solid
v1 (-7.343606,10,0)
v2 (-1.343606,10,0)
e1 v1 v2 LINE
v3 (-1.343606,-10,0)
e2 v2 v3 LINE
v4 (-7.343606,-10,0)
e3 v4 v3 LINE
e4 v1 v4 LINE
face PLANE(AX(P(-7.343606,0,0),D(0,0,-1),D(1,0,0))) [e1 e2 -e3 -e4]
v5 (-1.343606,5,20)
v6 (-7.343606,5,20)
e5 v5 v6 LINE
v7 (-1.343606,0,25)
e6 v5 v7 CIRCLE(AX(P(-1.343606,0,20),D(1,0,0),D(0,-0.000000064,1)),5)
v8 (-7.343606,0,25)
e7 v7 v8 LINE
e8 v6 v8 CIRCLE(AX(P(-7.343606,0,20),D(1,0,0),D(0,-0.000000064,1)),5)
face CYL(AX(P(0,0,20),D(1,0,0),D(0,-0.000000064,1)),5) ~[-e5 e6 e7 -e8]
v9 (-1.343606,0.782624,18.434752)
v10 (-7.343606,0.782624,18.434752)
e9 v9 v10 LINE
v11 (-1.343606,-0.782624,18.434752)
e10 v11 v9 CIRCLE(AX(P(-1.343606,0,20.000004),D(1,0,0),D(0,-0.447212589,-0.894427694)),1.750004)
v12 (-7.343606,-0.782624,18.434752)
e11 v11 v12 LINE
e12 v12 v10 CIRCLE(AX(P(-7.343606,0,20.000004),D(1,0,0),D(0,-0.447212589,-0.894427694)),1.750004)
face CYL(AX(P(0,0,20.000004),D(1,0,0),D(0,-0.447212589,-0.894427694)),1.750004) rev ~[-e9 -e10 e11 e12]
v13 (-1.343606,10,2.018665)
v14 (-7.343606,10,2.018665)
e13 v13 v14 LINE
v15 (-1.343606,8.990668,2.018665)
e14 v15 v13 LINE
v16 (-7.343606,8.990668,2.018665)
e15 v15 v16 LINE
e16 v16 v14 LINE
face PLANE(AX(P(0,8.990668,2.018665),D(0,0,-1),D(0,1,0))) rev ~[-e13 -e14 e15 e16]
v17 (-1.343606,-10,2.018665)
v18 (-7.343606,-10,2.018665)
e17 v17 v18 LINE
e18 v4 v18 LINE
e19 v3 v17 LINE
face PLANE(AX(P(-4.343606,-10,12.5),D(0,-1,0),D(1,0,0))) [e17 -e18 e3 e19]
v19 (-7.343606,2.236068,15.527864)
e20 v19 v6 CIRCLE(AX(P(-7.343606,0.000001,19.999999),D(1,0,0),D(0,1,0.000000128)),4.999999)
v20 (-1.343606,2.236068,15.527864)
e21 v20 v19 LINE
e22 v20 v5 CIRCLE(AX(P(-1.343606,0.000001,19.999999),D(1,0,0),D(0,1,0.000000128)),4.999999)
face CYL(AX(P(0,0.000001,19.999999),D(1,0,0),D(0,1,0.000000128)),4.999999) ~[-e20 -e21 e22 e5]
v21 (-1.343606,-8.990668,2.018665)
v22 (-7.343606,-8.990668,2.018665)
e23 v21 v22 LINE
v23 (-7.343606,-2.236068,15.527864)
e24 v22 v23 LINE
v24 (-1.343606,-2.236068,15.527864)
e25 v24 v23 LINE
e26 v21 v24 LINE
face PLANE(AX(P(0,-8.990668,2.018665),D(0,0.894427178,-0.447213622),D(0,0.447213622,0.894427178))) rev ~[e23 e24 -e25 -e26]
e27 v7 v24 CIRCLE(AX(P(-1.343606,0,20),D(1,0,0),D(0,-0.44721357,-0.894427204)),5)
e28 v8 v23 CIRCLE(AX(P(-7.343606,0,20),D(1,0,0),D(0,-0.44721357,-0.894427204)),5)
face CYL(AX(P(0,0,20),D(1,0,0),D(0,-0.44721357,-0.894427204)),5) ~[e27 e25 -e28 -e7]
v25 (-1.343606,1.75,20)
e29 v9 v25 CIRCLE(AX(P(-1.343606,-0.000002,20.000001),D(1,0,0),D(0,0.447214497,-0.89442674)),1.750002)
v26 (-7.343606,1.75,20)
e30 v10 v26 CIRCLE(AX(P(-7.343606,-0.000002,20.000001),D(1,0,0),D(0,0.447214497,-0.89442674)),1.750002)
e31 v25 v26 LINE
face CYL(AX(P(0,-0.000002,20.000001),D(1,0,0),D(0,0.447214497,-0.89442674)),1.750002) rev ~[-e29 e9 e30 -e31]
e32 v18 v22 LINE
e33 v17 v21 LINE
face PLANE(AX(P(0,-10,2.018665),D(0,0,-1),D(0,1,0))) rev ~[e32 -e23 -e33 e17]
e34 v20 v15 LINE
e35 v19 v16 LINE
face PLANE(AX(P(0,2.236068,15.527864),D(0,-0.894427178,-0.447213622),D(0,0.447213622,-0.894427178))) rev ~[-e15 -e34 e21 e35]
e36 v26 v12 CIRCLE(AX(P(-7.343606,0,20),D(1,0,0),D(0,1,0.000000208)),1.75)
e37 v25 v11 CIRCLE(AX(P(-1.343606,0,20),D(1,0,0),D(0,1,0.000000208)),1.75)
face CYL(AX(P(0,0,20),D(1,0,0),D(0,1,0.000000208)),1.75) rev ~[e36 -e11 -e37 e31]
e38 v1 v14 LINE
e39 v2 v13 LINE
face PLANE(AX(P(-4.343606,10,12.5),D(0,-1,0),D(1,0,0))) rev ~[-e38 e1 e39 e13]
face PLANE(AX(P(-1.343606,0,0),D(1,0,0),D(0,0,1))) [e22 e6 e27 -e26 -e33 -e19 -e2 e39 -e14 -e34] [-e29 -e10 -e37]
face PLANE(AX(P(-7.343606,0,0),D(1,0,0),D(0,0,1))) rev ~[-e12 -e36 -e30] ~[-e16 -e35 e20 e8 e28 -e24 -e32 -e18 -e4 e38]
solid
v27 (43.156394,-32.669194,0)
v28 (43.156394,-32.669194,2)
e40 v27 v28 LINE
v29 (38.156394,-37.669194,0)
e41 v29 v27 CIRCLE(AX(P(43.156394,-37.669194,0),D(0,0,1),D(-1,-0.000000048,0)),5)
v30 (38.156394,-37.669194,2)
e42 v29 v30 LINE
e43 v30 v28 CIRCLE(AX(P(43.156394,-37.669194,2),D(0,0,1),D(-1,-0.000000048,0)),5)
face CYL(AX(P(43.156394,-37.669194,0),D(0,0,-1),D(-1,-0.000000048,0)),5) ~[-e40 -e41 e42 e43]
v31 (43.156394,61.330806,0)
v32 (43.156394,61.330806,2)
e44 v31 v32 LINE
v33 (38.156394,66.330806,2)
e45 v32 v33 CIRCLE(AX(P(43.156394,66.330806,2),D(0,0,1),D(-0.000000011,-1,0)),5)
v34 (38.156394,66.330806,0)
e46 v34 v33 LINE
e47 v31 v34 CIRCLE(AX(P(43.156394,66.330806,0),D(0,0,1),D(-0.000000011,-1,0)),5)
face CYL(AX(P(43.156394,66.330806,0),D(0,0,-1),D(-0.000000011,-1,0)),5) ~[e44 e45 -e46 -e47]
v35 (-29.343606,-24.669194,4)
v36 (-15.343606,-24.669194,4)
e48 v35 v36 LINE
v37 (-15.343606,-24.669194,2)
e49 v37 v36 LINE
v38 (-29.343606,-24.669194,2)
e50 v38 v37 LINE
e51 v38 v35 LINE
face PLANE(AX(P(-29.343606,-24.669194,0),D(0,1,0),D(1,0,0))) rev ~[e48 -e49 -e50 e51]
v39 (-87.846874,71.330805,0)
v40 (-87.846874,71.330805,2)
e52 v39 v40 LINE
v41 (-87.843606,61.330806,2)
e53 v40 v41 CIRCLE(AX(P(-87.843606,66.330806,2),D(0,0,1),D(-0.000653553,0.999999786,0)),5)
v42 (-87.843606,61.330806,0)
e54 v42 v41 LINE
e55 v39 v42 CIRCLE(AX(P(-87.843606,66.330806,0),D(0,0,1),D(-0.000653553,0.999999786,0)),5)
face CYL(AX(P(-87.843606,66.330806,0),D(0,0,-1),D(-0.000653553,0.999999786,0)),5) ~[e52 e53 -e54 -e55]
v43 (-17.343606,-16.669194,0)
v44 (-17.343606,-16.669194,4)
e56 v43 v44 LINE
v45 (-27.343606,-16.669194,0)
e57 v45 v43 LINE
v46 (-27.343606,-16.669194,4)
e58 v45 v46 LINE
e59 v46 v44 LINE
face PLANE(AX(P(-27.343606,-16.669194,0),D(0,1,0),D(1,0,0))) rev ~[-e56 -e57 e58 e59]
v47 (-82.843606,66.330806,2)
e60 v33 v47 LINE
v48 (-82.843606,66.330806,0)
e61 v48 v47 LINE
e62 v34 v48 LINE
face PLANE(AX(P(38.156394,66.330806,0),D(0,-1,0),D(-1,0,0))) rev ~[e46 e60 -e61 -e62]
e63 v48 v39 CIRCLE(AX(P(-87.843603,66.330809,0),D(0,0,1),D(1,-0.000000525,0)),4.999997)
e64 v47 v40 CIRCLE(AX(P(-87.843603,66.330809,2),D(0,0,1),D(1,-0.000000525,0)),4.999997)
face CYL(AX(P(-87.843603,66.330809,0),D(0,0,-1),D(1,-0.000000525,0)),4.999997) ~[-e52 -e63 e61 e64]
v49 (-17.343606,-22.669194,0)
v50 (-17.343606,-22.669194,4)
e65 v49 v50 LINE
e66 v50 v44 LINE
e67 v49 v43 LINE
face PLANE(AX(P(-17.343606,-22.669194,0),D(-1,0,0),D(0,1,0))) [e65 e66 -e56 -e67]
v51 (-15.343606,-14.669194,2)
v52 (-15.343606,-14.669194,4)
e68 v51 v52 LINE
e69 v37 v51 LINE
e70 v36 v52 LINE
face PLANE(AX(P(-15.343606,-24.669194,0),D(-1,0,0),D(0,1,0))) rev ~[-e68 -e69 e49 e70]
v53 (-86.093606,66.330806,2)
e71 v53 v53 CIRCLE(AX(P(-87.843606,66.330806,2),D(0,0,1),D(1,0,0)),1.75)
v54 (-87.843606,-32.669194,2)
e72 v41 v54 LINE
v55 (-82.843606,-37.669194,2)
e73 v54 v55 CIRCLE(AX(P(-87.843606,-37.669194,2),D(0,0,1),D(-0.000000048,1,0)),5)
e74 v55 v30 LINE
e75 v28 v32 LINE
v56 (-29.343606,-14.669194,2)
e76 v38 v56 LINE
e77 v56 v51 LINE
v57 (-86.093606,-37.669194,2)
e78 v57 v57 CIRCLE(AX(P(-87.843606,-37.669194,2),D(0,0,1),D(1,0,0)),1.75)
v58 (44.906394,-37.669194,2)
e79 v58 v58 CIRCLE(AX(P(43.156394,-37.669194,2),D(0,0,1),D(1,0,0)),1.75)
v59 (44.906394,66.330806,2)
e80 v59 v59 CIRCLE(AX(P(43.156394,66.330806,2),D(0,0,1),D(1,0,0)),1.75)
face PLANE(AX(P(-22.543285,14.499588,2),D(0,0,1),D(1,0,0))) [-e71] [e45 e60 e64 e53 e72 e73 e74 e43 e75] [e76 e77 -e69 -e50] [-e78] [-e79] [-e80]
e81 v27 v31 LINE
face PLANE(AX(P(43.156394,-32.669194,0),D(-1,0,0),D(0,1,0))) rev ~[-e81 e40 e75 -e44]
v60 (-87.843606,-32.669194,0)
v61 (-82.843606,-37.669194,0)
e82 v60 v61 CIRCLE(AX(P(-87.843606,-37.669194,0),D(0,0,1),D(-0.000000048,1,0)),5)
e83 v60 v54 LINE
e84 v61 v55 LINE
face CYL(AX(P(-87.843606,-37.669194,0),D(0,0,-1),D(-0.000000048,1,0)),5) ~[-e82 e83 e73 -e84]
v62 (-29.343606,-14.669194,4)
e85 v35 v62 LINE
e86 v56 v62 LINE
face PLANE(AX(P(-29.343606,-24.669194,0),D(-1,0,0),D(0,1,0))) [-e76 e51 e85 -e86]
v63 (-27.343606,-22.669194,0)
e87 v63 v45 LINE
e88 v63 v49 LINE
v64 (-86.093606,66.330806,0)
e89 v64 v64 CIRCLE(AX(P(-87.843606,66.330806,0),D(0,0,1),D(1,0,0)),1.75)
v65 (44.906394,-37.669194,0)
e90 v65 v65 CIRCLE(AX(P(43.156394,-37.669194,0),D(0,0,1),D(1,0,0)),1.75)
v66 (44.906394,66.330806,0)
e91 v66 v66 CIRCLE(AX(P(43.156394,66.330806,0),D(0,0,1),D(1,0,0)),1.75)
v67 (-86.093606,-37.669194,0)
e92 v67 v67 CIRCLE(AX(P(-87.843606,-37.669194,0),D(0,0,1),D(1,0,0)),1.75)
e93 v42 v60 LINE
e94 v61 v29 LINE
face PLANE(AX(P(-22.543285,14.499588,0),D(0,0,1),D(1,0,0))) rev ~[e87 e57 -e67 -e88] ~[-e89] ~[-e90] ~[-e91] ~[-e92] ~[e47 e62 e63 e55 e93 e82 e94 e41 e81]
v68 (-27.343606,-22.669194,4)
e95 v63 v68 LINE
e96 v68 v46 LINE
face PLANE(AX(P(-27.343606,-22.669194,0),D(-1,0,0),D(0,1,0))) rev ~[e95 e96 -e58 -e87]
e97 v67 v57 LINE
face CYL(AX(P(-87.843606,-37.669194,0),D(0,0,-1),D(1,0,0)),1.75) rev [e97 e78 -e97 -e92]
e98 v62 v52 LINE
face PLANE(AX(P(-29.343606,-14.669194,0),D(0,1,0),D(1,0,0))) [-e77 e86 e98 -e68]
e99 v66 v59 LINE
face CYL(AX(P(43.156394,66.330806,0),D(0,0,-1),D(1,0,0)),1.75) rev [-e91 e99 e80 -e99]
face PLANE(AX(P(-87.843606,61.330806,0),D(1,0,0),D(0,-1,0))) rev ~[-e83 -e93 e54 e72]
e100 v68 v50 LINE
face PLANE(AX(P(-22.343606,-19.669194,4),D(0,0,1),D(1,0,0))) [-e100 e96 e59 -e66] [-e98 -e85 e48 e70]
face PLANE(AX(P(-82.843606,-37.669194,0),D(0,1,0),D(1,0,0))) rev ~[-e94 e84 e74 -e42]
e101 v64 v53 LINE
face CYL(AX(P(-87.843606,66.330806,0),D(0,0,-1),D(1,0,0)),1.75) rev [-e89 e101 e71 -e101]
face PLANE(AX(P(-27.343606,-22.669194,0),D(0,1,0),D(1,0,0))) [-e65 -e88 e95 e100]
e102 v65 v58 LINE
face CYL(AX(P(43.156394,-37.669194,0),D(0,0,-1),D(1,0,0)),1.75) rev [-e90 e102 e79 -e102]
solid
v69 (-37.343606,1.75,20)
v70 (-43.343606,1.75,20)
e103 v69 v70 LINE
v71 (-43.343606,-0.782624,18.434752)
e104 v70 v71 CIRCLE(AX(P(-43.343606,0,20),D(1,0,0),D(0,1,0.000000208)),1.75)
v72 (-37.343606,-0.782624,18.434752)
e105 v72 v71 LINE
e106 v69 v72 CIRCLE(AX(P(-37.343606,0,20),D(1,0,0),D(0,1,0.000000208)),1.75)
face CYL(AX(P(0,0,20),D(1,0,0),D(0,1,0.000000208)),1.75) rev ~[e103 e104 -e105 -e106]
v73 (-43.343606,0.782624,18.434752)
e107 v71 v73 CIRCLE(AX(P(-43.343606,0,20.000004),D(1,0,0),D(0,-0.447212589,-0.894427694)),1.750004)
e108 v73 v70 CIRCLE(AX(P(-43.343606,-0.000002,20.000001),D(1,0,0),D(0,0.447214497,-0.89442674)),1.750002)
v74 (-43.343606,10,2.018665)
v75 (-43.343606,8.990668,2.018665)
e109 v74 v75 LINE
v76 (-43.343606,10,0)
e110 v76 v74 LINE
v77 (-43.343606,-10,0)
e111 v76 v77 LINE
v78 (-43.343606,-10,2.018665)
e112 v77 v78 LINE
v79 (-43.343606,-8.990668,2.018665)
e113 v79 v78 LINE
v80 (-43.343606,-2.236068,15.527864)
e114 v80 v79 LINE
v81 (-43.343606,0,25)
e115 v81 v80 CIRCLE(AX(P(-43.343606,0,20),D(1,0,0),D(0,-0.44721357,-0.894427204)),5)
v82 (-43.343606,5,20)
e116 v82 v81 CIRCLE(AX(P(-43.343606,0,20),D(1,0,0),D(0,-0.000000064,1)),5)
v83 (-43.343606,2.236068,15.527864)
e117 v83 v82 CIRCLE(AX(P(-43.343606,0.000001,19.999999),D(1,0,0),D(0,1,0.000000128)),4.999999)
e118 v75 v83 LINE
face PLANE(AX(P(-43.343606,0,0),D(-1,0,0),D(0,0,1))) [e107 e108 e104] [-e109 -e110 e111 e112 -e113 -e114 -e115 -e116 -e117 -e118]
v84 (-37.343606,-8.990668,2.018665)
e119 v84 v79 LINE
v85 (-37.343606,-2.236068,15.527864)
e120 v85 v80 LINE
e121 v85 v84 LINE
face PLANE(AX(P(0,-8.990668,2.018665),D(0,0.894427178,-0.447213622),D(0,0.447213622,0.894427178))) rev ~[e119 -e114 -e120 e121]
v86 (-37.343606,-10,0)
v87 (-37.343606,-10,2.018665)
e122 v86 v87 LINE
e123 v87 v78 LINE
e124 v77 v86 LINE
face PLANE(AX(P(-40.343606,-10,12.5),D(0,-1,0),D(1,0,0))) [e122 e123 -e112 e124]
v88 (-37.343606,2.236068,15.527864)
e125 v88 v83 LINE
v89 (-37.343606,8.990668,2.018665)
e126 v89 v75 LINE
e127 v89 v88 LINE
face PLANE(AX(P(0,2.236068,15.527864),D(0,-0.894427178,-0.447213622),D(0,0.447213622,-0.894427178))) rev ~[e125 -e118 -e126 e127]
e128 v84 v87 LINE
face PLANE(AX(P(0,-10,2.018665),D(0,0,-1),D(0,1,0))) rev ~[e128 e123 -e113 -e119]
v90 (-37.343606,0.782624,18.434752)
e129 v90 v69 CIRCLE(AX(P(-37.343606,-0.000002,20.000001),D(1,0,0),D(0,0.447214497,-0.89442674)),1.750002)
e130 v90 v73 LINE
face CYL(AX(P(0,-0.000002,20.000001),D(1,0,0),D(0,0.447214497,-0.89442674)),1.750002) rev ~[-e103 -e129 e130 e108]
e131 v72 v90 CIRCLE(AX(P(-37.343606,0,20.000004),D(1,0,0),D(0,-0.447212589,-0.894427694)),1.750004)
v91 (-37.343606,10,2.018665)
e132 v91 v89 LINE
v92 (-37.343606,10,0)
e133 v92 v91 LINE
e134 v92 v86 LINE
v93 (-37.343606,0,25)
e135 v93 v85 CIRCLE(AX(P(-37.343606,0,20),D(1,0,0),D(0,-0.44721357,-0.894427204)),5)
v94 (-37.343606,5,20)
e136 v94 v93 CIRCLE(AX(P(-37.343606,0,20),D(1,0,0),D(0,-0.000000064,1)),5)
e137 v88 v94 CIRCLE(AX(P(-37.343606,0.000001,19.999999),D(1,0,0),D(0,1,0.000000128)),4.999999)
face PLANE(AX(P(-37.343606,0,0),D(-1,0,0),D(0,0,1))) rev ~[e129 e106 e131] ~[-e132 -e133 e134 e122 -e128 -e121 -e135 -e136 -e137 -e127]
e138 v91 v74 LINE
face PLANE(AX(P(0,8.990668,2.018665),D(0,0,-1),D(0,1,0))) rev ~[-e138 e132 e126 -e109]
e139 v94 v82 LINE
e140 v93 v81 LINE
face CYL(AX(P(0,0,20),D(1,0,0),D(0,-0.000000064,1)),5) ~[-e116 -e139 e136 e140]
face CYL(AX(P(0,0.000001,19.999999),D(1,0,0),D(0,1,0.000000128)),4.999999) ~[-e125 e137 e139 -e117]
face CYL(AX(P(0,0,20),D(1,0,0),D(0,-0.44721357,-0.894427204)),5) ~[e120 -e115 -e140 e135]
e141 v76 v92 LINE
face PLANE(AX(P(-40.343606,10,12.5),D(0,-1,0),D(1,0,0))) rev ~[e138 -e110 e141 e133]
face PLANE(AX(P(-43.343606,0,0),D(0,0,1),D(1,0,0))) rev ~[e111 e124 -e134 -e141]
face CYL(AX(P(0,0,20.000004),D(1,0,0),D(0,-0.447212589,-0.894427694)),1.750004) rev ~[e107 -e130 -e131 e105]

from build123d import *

# Parameters (mm, degrees)
F1_W     = 6
F1_H     = 25
F2_DEPTH = 10
F0_R     = 1.75
F0_W     = 14
F0_H     = 10
F3_DEPTH = 2
F5_DEPTH = 92.844606
F0_W_2   = 10
F0_H_2   = 6
F6_DEPTH = 4


with BuildPart() as f2:
    # F1 (on Front) → F2 (new body, symmetric)
    with BuildSketch(Plane.XZ):
        with Locations((-40.343606, 12.5)):
            Rectangle(F1_W, F1_H)
        with Locations((-4.343606, 12.5)):
            Rectangle(F1_W, F1_H)
    extrude(amount=F2_DEPTH, both=True)

    # F4 (on Right) → F5 (cut, through all)
    with BuildSketch(Plane.YZ):
        with BuildLine():
            Line((8.990668, 2.018665), (10, 2.018665))
            Line((10, 2.018665), (10, 25))
            Line((10, 25), (0, 25))
            ThreePointArc((0, 25), (3.535534, 23.535534), (5, 20))
            ThreePointArc((5, 20), (4.253254, 17.371344), (2.236068, 15.527864))
            Line((2.236068, 15.527864), (8.990668, 2.018665))
        make_face()
        with BuildLine():
            Line((-10, 2.018665), (-8.990668, 2.018665))
            Line((-8.990668, 2.018665), (-2.236068, 15.527864))
            ThreePointArc((-2.236068, 15.527864), (-4.866245, 21.148765), (0, 25))
            Line((0, 25), (-10, 25))
            Line((-10, 25), (-10, 2.018665))
        make_face()
        with BuildLine():
            Line((0, 20), (0.782624, 18.434752))
            ThreePointArc((0.782624, 18.434752), (1.488639, 19.079971), (1.75, 20))
            ThreePointArc((1.75, 20), (-0.920029, 21.488639), (-0.782624, 18.434752))
            Line((-0.782624, 18.434752), (0, 20))
        make_face()
        with BuildLine():
            ThreePointArc((-0.782624, 18.434752), (0, 18.25), (0.782624, 18.434752))
            Line((0.782624, 18.434752), (0, 20))
            Line((0, 20), (-0.782624, 18.434752))
        make_face()
    extrude(amount=-F5_DEPTH, mode=Mode.SUBTRACT)


with BuildPart() as f3:
    # F0 (on Top) → F3 (new body)
    with BuildSketch(Plane.XY):
        with BuildLine():
            ThreePointArc((-82.843606, 66.330806), (-84.309227, 69.867496), (-87.846874, 71.330805))
            ThreePointArc((-87.846874, 71.330805), (-92.843606, 66.329173), (-87.843606, 61.330806))
            Line((-87.843606, 61.330806), (-87.843606, -32.669194))
            ThreePointArc((-87.843606, -32.669194), (-91.37914, -41.204727), (-82.843606, -37.669194))
            Line((-82.843606, -37.669194), (-22.343606, -37.669194))
            Line((-22.343606, -37.669194), (38.156394, -37.669194))
            ThreePointArc((38.156394, -37.669194), (46.691928, -41.204727), (43.156394, -32.669194))
            Line((43.156394, -32.669194), (43.156394, 61.330806))
            ThreePointArc((43.156394, 61.330806), (46.691928, 69.86634), (38.156394, 66.330806))
            Line((38.156394, 66.330806), (-82.843606, 66.330806))
        make_face()
        with Locations((-87.843606, -37.669194)):
            Circle(F0_R, mode=Mode.SUBTRACT)
        with Locations((-22.343606, -19.669194)):
            Rectangle(F0_W, F0_H, mode=Mode.SUBTRACT)
        with Locations((43.156394, -37.669194)):
            Circle(F0_R, mode=Mode.SUBTRACT)
        with Locations((-87.843606, 66.330806)):
            Circle(F0_R, mode=Mode.SUBTRACT)
        with Locations((43.156394, 66.330806)):
            Circle(F0_R, mode=Mode.SUBTRACT)
    extrude(amount=F3_DEPTH)

    # F0 (on Top) → F6 (join)
    with BuildSketch(Plane.XY):
        with Locations((-22.343606, -19.669194)):
            Rectangle(F0_W, F0_H)
        with Locations((-22.343606, -19.669194)):
            Rectangle(F0_W_2, F0_H_2, mode=Mode.SUBTRACT)
    extrude(amount=F6_DEPTH)


solid = Compound([f2.part, f3.part])
